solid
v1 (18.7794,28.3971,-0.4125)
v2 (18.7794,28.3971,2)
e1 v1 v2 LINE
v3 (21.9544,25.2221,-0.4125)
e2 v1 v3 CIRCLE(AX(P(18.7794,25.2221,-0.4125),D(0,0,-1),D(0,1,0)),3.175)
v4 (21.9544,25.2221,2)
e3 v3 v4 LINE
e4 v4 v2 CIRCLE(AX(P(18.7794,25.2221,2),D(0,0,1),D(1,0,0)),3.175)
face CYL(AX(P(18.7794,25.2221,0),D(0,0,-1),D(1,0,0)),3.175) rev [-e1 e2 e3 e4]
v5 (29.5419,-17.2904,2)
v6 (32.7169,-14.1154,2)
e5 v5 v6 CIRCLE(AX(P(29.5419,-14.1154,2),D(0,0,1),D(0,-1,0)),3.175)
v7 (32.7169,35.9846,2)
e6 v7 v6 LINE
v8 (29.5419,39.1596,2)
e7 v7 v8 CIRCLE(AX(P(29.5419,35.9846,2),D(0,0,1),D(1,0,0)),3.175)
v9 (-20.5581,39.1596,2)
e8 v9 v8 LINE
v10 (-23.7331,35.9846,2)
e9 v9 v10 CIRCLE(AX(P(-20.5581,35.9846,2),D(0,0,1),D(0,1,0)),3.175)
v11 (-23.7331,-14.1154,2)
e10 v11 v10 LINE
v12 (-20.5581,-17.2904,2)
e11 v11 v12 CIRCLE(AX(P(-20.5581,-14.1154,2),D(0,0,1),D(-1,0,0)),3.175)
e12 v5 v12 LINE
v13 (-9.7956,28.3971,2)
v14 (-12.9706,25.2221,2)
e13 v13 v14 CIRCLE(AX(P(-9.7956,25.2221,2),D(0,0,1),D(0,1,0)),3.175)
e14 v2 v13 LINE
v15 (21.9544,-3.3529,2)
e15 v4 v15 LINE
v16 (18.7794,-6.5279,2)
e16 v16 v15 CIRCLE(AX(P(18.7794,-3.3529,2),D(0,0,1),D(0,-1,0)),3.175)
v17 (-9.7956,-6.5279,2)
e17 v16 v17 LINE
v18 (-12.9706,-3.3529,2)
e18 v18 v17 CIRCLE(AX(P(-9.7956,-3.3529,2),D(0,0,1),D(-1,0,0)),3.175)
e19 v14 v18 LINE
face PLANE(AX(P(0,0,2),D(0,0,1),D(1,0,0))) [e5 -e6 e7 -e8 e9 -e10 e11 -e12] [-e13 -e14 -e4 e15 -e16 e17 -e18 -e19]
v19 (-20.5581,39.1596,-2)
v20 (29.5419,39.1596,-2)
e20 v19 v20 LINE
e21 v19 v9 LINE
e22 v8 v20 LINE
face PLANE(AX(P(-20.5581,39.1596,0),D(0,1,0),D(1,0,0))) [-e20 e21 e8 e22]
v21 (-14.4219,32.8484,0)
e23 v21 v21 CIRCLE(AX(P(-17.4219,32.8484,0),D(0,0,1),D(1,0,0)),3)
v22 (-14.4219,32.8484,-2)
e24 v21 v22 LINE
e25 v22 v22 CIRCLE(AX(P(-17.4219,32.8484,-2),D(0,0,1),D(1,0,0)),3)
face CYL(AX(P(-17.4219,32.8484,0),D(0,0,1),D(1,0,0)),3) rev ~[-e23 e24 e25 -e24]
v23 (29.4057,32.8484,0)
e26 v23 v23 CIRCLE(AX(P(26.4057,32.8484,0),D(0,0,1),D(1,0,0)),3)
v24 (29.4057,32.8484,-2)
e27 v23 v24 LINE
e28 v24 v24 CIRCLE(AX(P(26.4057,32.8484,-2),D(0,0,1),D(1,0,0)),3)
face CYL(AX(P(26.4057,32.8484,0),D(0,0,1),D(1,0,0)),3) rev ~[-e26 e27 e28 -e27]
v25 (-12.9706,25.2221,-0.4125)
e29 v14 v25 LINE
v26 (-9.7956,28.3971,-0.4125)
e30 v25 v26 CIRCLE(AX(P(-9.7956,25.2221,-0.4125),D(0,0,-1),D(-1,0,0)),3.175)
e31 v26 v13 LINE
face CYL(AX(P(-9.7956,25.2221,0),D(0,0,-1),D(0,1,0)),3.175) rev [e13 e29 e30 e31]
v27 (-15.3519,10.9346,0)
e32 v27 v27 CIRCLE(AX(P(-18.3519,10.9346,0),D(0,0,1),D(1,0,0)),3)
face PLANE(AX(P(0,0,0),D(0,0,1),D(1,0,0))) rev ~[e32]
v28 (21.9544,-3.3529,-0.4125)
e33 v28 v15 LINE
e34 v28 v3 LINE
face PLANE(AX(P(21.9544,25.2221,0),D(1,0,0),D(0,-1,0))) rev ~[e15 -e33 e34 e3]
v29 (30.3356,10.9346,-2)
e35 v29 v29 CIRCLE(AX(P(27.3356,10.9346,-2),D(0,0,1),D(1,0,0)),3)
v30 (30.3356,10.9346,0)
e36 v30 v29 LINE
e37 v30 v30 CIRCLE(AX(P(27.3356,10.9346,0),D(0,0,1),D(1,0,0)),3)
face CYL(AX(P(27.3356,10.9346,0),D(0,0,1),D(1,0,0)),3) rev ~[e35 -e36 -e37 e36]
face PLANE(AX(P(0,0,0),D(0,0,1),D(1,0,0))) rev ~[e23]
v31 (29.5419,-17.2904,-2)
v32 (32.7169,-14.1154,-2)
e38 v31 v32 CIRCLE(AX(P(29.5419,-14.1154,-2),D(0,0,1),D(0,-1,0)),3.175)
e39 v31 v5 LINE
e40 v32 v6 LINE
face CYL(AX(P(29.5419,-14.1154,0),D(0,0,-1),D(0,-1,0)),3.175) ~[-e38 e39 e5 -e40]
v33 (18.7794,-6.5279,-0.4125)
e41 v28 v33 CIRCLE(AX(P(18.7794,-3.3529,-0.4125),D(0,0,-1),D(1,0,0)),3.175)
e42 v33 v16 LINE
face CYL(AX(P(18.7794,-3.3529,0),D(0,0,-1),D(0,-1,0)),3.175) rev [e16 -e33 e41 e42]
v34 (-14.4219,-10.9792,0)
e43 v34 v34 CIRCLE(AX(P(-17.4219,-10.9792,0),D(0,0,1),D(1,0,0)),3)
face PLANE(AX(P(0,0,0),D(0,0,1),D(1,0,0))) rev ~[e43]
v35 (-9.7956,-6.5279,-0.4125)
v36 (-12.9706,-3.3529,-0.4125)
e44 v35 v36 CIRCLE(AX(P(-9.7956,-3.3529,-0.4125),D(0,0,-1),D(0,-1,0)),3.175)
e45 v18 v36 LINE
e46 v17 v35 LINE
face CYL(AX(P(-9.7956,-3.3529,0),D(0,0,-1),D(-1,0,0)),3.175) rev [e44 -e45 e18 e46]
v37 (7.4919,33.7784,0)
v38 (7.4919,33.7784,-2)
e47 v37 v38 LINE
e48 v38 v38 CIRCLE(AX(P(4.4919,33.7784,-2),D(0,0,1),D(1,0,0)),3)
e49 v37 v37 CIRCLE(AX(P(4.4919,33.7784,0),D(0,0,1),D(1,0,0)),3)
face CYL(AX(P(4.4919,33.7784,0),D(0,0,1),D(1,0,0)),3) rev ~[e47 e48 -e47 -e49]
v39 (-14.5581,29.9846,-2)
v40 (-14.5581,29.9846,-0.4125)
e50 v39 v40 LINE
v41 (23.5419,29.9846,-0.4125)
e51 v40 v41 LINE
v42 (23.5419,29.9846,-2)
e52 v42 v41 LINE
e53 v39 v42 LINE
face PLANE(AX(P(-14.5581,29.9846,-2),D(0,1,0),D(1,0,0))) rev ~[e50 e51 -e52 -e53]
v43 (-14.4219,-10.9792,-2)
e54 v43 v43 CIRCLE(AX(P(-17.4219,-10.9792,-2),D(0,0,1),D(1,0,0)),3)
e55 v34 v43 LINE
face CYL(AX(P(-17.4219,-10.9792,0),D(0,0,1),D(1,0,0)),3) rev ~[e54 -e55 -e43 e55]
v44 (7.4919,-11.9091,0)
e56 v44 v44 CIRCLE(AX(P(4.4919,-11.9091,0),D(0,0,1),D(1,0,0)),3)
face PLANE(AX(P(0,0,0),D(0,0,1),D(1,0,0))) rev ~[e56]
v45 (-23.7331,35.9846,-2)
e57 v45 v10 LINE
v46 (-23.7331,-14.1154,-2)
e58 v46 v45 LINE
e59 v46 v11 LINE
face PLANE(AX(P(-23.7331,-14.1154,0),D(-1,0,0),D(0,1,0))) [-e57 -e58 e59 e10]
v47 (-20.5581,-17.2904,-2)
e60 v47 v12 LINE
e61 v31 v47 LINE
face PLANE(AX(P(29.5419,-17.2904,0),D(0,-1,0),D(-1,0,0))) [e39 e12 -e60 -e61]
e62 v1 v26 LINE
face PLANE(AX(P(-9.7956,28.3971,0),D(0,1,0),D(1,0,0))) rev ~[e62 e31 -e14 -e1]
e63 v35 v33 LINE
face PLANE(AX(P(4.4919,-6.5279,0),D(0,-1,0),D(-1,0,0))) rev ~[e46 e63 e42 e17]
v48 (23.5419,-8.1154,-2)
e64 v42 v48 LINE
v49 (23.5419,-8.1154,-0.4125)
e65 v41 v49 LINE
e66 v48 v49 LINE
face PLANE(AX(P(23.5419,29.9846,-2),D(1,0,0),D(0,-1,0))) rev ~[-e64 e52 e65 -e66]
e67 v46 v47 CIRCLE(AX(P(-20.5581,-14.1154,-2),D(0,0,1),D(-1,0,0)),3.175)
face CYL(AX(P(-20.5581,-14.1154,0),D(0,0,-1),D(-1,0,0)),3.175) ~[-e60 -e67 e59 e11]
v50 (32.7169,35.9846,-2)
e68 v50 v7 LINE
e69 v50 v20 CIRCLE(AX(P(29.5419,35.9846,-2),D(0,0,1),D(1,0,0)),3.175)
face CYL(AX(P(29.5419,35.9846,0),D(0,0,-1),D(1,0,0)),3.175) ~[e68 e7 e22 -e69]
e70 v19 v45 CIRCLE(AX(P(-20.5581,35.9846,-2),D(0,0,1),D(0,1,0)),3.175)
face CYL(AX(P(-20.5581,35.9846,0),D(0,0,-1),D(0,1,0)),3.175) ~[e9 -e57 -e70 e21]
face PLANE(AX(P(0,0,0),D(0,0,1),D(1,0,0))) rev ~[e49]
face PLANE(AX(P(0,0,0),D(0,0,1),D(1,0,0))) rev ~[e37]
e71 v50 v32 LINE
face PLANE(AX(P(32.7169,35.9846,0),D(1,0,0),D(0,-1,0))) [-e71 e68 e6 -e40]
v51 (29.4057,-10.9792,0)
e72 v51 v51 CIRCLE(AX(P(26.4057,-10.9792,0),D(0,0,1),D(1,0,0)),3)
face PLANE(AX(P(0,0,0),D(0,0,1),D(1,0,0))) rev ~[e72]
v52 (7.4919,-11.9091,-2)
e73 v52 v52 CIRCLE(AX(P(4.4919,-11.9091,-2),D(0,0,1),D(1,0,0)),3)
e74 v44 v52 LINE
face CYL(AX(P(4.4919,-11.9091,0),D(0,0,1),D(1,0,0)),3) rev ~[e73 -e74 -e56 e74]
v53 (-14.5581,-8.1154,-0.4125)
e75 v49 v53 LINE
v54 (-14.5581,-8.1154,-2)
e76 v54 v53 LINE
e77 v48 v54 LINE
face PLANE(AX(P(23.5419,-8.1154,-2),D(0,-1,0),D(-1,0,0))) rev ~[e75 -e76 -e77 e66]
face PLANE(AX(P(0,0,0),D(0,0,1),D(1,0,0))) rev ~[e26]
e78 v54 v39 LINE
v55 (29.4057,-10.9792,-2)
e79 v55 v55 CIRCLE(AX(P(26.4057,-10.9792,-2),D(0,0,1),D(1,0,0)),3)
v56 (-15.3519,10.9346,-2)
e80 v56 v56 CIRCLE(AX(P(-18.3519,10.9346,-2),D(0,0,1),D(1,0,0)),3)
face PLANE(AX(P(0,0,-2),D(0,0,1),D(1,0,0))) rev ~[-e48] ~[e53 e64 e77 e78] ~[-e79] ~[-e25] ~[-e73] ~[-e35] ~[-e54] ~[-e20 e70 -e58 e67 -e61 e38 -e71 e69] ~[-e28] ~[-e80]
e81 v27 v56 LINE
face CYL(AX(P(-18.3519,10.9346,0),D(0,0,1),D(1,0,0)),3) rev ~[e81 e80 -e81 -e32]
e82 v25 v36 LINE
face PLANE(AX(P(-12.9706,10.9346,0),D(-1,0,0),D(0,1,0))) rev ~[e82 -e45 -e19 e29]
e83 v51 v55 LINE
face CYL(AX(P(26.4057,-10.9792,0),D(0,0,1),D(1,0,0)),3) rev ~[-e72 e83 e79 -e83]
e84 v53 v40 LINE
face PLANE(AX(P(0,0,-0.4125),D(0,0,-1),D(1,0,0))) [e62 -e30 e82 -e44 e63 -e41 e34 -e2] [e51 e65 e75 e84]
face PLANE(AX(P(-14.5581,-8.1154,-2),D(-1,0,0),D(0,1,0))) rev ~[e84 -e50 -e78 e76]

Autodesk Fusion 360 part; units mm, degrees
sketch "Sketch1" plane through (0, 0, 0) normal (0, 0, 1) x (1, 0, 0)
  line L0 (-9.7956, 28.3971) -> (18.7794, 28.3971)
  line L1 (21.9544, 25.2221) -> (21.9544, -3.3529)
  line L2 (18.7794, -6.5279) -> (-9.7956, -6.5279)
  line L3 (-12.9706, -3.3529) -> (-12.9706, 25.2221)
  line L4 (-20.5581, 39.1596) -> (29.5419, 39.1596)
  line L5 (32.7169, 35.9846) -> (32.7169, -14.1154)
  line L6 (29.5419, -17.2904) -> (-20.5581, -17.2904)
  line L7 (-23.7331, -14.1154) -> (-23.7331, 35.9846)
  arc A0 (-20.5581, 39.1596) -> (-23.7331, 35.9846) centre (-20.5581, 35.9846) ccw
  arc A1 (-9.7956, 28.3971) -> (-12.9706, 25.2221) centre (-9.7956, 25.2221) ccw
  arc A2 (21.9544, 25.2221) -> (18.7794, 28.3971) centre (18.7794, 25.2221) ccw
  arc A3 (32.7169, 35.9846) -> (29.5419, 39.1596) centre (29.5419, 35.9846) ccw
  arc A4 (29.5419, -17.2904) -> (32.7169, -14.1154) centre (29.5419, -14.1154) ccw
  arc A5 (18.7794, -6.5279) -> (21.9544, -3.3529) centre (18.7794, -3.3529) ccw
  arc A6 (-12.9706, -3.3529) -> (-9.7956, -6.5279) centre (-9.7956, -3.3529) ccw
  arc A7 (-23.7331, -14.1154) -> (-20.5581, -17.2904) centre (-20.5581, -14.1154) ccw
  circle A8 centre (26.4057, -10.9792) radius 3
  line L8 (21.9544, 10.9346) -> (-12.9706, 10.9346)
  line L9 (4.4919, -6.5279) -> (4.4919, 28.3971)
  circle A9 centre (4.4919, -11.9091) radius 3
  line L10 (21.0245, -5.5979) -> (24.2844, -8.8579) construction
  line L11 (21.0245, -5.5979) -> (21.383, -5.5979) construction
  line L12 (31.787, -16.3604) -> (28.527, -13.1005) construction
  line L13 (31.787, -16.3604) -> (27.9277, -16.3604) construction
  circle A10 centre (26.4057, 32.8484) radius 3
  circle A11 centre (27.3356, 10.9346) radius 3
  circle A12 centre (-17.4219, 32.8484) radius 3
  circle A13 centre (4.4919, 33.7784) radius 3
  circle A14 centre (-17.4219, -10.9792) radius 3
  circle A15 centre (-18.3519, 10.9346) radius 3
  line L14 (-14.5581, 29.9846) -> (23.5419, 29.9846)
  line L15 (23.5419, 29.9846) -> (23.5419, -8.1154)
  line L16 (23.5419, -8.1154) -> (-14.5581, -8.1154)
  line L17 (-14.5581, -8.1154) -> (-14.5581, 29.9846)
  line L18 (4.4919, 29.9846) -> (4.4919, -8.1154)
  line L19 (23.5419, 10.9346) -> (-14.5581, 10.9346)
  point P0 (-12.9706, 28.3971)
  point P1 (21.9544, 28.3971)
  point P2 (-12.9706, -6.5279)
  point P3 (4.4919, 10.9346)
  point P4 (4.4919, 10.9346)
  dimension "d1" = 34.925
  dimension "d2" = 34.925
  dimension "d3" = 10.7625
  dimension "d4" = 10.7625
  dimension "d5" = 10.7625
  dimension "d6" = 10.7625
  dimension "d7" = 3.175
  dimension "d8" = 6
  dimension "d11" = 6
  dimension "d16" = 45
  dimension "d17" = 135
  dimension "d18" = 5.3813
  dimension "d20" = 360
  dimension "d25" = 38.1
  dimension "d26" = 38.1
extrude "Extrude1" add sketch "Sketch1" along normal blind 2 contours L0 L3 A1 L14 L17 L18 L19 | L0 L1 A2 L14 L15 L18 L19 | L2 L3 A6 L16 L17 L18 L19 | L1 L2 A5 L15 L16 L18 L19 | L4 L5 L6 L7 A0 A3 A4 A7 | A8 | A9 | A10 | A11 | A12 | A13 | A14 | A15
extrude "Extrude2" add sketch "Sketch1" against normal blind 2 contours L0 L3 A1 L14 L17 L18 L19 | L0 L1 A2 L14 L15 L18 L19 | L2 L3 A6 L16 L17 L18 L19 | L1 L2 A5 L15 L16 L18 L19 | L4 L5 L6 L7 A0 A3 A4 A7
sketch "Sketch2" plane through (0, 0, -2) normal (0, 0, -1) x (1, 0, 0)
  circle A0 centre (27.3356, -10.9346) radius 3
  circle A1 centre (26.4057, 10.9792) radius 3
  circle A2 centre (26.4057, -32.8484) radius 3
  circle A3 centre (-17.4219, 10.9792) radius 3
  circle A4 centre (-17.4219, -32.8484) radius 3
  circle A5 centre (4.4919, -33.7784) radius 3
  circle A6 centre (4.4919, 11.9091) radius 3
  arc A7 (-12.9706, -25.2221) -> (-9.7956, -28.3971) centre (-9.7956, -25.2221) ccw
  line L0 (-12.9706, -25.2221) -> (-12.9706, 3.3529)
  arc A8 (-9.7956, 6.5279) -> (-12.9706, 3.3529) centre (-9.7956, 3.3529) ccw
  line L1 (-9.7956, 6.5279) -> (18.7794, 6.5279)
  arc A9 (21.9544, 3.3529) -> (18.7794, 6.5279) centre (18.7794, 3.3529) ccw
  line L2 (21.9544, 3.3529) -> (21.9544, -25.2221)
  arc A10 (18.7794, -28.3971) -> (21.9544, -25.2221) centre (18.7794, -25.2221) ccw
  line L3 (18.7794, -28.3971) -> (-9.7956, -28.3971)
  circle A11 centre (-18.3519, -10.9346) radius 3
  arc A12 (-23.7331, -35.9846) -> (-20.5581, -39.1596) centre (-20.5581, -35.9846) ccw
  line L4 (-20.5581, -39.1596) -> (29.5419, -39.1596)
  arc A13 (29.5419, -39.1596) -> (32.7169, -35.9846) centre (29.5419, -35.9846) ccw
  line L5 (32.7169, -35.9846) -> (32.7169, 14.1154)
  arc A14 (32.7169, 14.1154) -> (29.5419, 17.2904) centre (29.5419, 14.1154) ccw
  line L6 (29.5419, 17.2904) -> (-20.5581, 17.2904)
  arc A15 (-20.5581, 17.2904) -> (-23.7331, 14.1154) centre (-20.5581, 14.1154) ccw
  line L7 (-23.7331, 14.1154) -> (-23.7331, -35.9846)
  line L8 (23.5419, 8.1154) -> (-14.5581, 8.1154)
  line L9 (-14.5581, 8.1154) -> (-14.5581, -29.9846)
  line L10 (-14.5581, -29.9846) -> (23.5419, -29.9846)
  line L11 (23.5419, -29.9846) -> (23.5419, 8.1154)
extrude "Extrude3" cut sketch "Sketch2" against normal blind 1.5875 contours L8 L9 L10 L11
equation "d1 = d25 - 0.125 in"
equation "d2 = d1"
equation "d3 = d8 + 0.1875 in"
equation "d4 = d3"
equation "d5 = d3"
equation "d6 = d3"
equation "d11 = d8"
equation "d14 = d6 / 2"
equation "d18 = d5 / 2"
equation "d26 = d25"
